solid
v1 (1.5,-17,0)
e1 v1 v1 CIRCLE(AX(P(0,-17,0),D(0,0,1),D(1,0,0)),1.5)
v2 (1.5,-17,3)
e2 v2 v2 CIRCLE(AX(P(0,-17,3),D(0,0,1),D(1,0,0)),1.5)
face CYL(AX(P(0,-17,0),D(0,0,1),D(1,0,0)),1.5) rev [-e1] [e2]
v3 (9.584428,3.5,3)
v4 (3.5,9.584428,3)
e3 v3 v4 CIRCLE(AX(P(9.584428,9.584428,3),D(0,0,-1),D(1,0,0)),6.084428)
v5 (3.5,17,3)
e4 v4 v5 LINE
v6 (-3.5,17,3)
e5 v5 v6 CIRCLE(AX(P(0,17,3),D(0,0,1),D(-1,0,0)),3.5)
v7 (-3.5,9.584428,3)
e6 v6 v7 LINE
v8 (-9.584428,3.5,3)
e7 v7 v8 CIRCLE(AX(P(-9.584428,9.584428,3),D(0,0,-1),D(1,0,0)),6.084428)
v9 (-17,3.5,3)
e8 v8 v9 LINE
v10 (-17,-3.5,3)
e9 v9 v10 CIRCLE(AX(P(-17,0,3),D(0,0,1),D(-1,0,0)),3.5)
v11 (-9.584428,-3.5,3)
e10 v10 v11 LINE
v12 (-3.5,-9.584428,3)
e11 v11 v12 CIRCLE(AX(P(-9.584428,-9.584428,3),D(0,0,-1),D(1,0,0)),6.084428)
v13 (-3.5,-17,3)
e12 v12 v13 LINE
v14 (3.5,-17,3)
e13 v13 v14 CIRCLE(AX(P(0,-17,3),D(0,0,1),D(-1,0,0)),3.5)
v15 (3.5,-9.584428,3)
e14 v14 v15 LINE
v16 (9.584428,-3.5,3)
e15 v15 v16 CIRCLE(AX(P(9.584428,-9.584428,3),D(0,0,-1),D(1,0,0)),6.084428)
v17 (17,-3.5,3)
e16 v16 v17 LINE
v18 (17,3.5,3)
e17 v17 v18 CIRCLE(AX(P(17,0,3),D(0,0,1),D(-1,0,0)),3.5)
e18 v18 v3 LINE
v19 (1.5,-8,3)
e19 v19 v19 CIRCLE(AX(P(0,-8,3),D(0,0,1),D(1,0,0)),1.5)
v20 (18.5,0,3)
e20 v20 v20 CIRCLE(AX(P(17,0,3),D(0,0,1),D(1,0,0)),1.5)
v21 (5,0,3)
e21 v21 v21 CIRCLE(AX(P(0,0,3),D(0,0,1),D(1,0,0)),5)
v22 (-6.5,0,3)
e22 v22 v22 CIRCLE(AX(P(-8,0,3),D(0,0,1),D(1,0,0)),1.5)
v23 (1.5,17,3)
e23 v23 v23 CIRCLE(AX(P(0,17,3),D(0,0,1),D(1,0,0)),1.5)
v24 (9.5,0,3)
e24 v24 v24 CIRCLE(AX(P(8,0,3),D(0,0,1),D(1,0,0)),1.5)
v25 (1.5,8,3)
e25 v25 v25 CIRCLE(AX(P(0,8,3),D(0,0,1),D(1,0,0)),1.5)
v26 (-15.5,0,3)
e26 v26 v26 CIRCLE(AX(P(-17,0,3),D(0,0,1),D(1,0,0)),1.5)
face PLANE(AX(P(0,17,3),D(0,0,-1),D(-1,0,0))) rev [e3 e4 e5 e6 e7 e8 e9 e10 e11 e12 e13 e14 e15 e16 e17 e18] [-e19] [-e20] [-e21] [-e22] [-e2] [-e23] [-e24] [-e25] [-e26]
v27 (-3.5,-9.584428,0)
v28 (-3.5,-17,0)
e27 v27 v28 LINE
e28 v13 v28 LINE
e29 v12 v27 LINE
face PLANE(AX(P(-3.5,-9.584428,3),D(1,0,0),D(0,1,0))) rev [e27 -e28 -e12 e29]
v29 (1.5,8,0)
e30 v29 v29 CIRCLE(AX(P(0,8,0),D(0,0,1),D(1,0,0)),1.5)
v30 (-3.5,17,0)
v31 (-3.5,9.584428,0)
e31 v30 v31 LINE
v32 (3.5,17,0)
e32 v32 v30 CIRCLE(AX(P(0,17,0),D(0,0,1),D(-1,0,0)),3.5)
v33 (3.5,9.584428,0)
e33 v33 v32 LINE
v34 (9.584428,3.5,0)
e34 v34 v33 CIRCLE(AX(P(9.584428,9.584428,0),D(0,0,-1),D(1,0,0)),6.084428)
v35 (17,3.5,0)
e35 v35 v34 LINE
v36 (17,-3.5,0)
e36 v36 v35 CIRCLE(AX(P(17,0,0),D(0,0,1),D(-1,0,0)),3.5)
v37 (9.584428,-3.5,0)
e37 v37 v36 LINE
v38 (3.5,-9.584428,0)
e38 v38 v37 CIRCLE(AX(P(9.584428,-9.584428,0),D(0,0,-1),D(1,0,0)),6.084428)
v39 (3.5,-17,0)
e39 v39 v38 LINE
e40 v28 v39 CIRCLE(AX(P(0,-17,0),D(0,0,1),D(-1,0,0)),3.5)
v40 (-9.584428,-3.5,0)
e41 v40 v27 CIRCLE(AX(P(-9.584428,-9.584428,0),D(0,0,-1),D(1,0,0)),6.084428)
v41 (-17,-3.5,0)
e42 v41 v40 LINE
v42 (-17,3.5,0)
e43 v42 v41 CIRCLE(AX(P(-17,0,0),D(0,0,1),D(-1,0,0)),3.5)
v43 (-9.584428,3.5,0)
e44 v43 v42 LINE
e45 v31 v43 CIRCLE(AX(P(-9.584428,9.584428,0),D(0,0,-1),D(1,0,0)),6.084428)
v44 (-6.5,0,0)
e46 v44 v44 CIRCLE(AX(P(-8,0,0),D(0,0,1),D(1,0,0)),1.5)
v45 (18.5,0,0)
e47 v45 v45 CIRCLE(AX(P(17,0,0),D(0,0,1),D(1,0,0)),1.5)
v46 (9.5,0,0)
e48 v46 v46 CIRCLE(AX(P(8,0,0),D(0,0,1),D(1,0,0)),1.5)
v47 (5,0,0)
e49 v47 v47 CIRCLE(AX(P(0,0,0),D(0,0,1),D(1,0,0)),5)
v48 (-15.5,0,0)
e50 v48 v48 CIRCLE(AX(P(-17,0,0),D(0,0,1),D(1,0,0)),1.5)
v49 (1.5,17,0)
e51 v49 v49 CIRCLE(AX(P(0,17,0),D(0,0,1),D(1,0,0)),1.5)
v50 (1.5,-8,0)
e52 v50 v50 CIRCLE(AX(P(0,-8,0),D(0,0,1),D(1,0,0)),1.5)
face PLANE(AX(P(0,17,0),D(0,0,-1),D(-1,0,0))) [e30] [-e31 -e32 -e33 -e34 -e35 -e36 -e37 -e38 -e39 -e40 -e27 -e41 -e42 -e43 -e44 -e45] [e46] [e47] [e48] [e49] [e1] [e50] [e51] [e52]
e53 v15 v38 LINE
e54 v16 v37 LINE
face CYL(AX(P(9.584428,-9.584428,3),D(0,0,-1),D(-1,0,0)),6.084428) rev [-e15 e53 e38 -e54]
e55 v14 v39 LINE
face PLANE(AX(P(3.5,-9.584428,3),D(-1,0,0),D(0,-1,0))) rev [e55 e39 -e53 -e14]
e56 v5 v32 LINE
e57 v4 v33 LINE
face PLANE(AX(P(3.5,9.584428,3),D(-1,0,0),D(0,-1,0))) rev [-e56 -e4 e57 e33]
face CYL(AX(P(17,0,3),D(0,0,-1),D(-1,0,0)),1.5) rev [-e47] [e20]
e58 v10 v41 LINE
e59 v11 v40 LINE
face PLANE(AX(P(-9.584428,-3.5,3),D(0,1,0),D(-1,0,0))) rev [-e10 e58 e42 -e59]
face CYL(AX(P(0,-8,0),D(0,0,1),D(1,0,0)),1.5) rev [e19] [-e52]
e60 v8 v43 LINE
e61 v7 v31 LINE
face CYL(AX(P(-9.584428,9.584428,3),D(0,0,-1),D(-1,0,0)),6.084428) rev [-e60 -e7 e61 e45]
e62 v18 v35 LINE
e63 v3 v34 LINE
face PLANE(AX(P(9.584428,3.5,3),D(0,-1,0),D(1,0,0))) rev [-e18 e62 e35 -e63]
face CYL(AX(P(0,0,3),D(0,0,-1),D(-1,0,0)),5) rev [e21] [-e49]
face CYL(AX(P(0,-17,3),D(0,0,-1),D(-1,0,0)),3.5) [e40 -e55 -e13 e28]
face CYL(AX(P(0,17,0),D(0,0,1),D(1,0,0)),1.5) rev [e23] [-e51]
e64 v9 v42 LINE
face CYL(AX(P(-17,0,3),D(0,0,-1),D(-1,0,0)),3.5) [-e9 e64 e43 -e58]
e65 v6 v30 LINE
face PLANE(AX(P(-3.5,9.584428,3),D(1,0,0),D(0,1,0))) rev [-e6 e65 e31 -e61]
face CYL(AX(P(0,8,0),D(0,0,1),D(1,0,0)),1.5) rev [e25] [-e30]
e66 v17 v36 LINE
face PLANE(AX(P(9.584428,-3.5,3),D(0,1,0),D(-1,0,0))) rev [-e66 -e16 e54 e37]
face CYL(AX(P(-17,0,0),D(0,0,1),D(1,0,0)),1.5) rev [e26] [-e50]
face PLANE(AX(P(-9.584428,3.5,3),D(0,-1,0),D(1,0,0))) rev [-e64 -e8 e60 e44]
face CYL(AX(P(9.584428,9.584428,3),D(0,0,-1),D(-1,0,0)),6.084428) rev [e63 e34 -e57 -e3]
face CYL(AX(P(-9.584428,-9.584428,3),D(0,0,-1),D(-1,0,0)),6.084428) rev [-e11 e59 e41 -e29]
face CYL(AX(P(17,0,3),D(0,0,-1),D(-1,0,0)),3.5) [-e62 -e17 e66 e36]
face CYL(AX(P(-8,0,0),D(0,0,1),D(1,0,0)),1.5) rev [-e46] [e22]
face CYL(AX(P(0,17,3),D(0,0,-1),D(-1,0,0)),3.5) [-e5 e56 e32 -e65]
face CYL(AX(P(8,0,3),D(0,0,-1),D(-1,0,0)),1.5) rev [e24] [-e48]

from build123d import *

# Parameters (mm, degrees)
SKETCH1_R           = 5
SKETCH1_R_2         = 1.5
BOSS_EXTRUDE1_DEPTH = 3
CUT_EXTRUDE1_START  = -3
SKETCH2_R           = 1.5
CUT_EXTRUDE1_DEPTH  = 3


with BuildPart() as part:
    # Sketch1 → Boss-Extrude1 (new body)
    with BuildSketch(Plane.XY):
        with BuildLine():
            Line((-3.5, 9.584427843), (-3.5, 17))
            ThreePointArc((-3.5, 17), (0, 20.5), (3.5, 17))
            Line((3.5, 17), (3.5, 9.584427843))
            ThreePointArc((3.5, 9.584427843), (5.282087655, 5.282087655), (9.584427843, 3.5))
            Line((9.584427843, 3.5), (17, 3.5))
            ThreePointArc((17, 3.5), (20.5, 0), (17, -3.5))
            Line((17, -3.5), (9.584427843, -3.5))
            ThreePointArc((9.584427843, -3.5), (5.282087655, -5.282087655), (3.5, -9.584427843))
            Line((3.5, -9.584427843), (3.5, -17))
            ThreePointArc((3.5, -17), (0, -20.5), (-3.5, -17))
            Line((-3.5, -17), (-3.5, -9.584427843))
            ThreePointArc((-3.5, -9.584427843), (-5.282087655, -5.282087655), (-9.584427843, -3.5))
            Line((-9.584427843, -3.5), (-17, -3.5))
            ThreePointArc((-17, -3.5), (-20.5, 0), (-17, 3.5))
            Line((-17, 3.5), (-9.584427843, 3.5))
            ThreePointArc((-9.584427843, 3.5), (-5.282087655, 5.282087655), (-3.5, 9.584427843))
        make_face()
        Circle(SKETCH1_R, mode=Mode.SUBTRACT)
        with Locations((8, 0)):
            Circle(SKETCH1_R_2, mode=Mode.SUBTRACT)
        with Locations((17, 0)):
            Circle(SKETCH1_R_2, mode=Mode.SUBTRACT)
    extrude(amount=BOSS_EXTRUDE1_DEPTH)

    # Sketch2 → Cut-Extrude1 (cut)
    with BuildSketch(Plane.XY.offset(3).offset(CUT_EXTRUDE1_START)):
        with Locations((17, 0)):
            Circle(SKETCH2_R)
        with Locations((8, 0)):
            Circle(SKETCH2_R)
        with Locations((0, -8)):
            Circle(SKETCH2_R)
        with Locations((0, -17)):
            Circle(SKETCH2_R)
        with Locations((-8, 0)):
            Circle(SKETCH2_R)
        with Locations((-17, 0)):
            Circle(SKETCH2_R)
        with Locations((0, 8)):
            Circle(SKETCH2_R)
        with Locations((0, 17)):
            Circle(SKETCH2_R)
    extrude(amount=CUT_EXTRUDE1_DEPTH, mode=Mode.SUBTRACT)


solid = part.part
